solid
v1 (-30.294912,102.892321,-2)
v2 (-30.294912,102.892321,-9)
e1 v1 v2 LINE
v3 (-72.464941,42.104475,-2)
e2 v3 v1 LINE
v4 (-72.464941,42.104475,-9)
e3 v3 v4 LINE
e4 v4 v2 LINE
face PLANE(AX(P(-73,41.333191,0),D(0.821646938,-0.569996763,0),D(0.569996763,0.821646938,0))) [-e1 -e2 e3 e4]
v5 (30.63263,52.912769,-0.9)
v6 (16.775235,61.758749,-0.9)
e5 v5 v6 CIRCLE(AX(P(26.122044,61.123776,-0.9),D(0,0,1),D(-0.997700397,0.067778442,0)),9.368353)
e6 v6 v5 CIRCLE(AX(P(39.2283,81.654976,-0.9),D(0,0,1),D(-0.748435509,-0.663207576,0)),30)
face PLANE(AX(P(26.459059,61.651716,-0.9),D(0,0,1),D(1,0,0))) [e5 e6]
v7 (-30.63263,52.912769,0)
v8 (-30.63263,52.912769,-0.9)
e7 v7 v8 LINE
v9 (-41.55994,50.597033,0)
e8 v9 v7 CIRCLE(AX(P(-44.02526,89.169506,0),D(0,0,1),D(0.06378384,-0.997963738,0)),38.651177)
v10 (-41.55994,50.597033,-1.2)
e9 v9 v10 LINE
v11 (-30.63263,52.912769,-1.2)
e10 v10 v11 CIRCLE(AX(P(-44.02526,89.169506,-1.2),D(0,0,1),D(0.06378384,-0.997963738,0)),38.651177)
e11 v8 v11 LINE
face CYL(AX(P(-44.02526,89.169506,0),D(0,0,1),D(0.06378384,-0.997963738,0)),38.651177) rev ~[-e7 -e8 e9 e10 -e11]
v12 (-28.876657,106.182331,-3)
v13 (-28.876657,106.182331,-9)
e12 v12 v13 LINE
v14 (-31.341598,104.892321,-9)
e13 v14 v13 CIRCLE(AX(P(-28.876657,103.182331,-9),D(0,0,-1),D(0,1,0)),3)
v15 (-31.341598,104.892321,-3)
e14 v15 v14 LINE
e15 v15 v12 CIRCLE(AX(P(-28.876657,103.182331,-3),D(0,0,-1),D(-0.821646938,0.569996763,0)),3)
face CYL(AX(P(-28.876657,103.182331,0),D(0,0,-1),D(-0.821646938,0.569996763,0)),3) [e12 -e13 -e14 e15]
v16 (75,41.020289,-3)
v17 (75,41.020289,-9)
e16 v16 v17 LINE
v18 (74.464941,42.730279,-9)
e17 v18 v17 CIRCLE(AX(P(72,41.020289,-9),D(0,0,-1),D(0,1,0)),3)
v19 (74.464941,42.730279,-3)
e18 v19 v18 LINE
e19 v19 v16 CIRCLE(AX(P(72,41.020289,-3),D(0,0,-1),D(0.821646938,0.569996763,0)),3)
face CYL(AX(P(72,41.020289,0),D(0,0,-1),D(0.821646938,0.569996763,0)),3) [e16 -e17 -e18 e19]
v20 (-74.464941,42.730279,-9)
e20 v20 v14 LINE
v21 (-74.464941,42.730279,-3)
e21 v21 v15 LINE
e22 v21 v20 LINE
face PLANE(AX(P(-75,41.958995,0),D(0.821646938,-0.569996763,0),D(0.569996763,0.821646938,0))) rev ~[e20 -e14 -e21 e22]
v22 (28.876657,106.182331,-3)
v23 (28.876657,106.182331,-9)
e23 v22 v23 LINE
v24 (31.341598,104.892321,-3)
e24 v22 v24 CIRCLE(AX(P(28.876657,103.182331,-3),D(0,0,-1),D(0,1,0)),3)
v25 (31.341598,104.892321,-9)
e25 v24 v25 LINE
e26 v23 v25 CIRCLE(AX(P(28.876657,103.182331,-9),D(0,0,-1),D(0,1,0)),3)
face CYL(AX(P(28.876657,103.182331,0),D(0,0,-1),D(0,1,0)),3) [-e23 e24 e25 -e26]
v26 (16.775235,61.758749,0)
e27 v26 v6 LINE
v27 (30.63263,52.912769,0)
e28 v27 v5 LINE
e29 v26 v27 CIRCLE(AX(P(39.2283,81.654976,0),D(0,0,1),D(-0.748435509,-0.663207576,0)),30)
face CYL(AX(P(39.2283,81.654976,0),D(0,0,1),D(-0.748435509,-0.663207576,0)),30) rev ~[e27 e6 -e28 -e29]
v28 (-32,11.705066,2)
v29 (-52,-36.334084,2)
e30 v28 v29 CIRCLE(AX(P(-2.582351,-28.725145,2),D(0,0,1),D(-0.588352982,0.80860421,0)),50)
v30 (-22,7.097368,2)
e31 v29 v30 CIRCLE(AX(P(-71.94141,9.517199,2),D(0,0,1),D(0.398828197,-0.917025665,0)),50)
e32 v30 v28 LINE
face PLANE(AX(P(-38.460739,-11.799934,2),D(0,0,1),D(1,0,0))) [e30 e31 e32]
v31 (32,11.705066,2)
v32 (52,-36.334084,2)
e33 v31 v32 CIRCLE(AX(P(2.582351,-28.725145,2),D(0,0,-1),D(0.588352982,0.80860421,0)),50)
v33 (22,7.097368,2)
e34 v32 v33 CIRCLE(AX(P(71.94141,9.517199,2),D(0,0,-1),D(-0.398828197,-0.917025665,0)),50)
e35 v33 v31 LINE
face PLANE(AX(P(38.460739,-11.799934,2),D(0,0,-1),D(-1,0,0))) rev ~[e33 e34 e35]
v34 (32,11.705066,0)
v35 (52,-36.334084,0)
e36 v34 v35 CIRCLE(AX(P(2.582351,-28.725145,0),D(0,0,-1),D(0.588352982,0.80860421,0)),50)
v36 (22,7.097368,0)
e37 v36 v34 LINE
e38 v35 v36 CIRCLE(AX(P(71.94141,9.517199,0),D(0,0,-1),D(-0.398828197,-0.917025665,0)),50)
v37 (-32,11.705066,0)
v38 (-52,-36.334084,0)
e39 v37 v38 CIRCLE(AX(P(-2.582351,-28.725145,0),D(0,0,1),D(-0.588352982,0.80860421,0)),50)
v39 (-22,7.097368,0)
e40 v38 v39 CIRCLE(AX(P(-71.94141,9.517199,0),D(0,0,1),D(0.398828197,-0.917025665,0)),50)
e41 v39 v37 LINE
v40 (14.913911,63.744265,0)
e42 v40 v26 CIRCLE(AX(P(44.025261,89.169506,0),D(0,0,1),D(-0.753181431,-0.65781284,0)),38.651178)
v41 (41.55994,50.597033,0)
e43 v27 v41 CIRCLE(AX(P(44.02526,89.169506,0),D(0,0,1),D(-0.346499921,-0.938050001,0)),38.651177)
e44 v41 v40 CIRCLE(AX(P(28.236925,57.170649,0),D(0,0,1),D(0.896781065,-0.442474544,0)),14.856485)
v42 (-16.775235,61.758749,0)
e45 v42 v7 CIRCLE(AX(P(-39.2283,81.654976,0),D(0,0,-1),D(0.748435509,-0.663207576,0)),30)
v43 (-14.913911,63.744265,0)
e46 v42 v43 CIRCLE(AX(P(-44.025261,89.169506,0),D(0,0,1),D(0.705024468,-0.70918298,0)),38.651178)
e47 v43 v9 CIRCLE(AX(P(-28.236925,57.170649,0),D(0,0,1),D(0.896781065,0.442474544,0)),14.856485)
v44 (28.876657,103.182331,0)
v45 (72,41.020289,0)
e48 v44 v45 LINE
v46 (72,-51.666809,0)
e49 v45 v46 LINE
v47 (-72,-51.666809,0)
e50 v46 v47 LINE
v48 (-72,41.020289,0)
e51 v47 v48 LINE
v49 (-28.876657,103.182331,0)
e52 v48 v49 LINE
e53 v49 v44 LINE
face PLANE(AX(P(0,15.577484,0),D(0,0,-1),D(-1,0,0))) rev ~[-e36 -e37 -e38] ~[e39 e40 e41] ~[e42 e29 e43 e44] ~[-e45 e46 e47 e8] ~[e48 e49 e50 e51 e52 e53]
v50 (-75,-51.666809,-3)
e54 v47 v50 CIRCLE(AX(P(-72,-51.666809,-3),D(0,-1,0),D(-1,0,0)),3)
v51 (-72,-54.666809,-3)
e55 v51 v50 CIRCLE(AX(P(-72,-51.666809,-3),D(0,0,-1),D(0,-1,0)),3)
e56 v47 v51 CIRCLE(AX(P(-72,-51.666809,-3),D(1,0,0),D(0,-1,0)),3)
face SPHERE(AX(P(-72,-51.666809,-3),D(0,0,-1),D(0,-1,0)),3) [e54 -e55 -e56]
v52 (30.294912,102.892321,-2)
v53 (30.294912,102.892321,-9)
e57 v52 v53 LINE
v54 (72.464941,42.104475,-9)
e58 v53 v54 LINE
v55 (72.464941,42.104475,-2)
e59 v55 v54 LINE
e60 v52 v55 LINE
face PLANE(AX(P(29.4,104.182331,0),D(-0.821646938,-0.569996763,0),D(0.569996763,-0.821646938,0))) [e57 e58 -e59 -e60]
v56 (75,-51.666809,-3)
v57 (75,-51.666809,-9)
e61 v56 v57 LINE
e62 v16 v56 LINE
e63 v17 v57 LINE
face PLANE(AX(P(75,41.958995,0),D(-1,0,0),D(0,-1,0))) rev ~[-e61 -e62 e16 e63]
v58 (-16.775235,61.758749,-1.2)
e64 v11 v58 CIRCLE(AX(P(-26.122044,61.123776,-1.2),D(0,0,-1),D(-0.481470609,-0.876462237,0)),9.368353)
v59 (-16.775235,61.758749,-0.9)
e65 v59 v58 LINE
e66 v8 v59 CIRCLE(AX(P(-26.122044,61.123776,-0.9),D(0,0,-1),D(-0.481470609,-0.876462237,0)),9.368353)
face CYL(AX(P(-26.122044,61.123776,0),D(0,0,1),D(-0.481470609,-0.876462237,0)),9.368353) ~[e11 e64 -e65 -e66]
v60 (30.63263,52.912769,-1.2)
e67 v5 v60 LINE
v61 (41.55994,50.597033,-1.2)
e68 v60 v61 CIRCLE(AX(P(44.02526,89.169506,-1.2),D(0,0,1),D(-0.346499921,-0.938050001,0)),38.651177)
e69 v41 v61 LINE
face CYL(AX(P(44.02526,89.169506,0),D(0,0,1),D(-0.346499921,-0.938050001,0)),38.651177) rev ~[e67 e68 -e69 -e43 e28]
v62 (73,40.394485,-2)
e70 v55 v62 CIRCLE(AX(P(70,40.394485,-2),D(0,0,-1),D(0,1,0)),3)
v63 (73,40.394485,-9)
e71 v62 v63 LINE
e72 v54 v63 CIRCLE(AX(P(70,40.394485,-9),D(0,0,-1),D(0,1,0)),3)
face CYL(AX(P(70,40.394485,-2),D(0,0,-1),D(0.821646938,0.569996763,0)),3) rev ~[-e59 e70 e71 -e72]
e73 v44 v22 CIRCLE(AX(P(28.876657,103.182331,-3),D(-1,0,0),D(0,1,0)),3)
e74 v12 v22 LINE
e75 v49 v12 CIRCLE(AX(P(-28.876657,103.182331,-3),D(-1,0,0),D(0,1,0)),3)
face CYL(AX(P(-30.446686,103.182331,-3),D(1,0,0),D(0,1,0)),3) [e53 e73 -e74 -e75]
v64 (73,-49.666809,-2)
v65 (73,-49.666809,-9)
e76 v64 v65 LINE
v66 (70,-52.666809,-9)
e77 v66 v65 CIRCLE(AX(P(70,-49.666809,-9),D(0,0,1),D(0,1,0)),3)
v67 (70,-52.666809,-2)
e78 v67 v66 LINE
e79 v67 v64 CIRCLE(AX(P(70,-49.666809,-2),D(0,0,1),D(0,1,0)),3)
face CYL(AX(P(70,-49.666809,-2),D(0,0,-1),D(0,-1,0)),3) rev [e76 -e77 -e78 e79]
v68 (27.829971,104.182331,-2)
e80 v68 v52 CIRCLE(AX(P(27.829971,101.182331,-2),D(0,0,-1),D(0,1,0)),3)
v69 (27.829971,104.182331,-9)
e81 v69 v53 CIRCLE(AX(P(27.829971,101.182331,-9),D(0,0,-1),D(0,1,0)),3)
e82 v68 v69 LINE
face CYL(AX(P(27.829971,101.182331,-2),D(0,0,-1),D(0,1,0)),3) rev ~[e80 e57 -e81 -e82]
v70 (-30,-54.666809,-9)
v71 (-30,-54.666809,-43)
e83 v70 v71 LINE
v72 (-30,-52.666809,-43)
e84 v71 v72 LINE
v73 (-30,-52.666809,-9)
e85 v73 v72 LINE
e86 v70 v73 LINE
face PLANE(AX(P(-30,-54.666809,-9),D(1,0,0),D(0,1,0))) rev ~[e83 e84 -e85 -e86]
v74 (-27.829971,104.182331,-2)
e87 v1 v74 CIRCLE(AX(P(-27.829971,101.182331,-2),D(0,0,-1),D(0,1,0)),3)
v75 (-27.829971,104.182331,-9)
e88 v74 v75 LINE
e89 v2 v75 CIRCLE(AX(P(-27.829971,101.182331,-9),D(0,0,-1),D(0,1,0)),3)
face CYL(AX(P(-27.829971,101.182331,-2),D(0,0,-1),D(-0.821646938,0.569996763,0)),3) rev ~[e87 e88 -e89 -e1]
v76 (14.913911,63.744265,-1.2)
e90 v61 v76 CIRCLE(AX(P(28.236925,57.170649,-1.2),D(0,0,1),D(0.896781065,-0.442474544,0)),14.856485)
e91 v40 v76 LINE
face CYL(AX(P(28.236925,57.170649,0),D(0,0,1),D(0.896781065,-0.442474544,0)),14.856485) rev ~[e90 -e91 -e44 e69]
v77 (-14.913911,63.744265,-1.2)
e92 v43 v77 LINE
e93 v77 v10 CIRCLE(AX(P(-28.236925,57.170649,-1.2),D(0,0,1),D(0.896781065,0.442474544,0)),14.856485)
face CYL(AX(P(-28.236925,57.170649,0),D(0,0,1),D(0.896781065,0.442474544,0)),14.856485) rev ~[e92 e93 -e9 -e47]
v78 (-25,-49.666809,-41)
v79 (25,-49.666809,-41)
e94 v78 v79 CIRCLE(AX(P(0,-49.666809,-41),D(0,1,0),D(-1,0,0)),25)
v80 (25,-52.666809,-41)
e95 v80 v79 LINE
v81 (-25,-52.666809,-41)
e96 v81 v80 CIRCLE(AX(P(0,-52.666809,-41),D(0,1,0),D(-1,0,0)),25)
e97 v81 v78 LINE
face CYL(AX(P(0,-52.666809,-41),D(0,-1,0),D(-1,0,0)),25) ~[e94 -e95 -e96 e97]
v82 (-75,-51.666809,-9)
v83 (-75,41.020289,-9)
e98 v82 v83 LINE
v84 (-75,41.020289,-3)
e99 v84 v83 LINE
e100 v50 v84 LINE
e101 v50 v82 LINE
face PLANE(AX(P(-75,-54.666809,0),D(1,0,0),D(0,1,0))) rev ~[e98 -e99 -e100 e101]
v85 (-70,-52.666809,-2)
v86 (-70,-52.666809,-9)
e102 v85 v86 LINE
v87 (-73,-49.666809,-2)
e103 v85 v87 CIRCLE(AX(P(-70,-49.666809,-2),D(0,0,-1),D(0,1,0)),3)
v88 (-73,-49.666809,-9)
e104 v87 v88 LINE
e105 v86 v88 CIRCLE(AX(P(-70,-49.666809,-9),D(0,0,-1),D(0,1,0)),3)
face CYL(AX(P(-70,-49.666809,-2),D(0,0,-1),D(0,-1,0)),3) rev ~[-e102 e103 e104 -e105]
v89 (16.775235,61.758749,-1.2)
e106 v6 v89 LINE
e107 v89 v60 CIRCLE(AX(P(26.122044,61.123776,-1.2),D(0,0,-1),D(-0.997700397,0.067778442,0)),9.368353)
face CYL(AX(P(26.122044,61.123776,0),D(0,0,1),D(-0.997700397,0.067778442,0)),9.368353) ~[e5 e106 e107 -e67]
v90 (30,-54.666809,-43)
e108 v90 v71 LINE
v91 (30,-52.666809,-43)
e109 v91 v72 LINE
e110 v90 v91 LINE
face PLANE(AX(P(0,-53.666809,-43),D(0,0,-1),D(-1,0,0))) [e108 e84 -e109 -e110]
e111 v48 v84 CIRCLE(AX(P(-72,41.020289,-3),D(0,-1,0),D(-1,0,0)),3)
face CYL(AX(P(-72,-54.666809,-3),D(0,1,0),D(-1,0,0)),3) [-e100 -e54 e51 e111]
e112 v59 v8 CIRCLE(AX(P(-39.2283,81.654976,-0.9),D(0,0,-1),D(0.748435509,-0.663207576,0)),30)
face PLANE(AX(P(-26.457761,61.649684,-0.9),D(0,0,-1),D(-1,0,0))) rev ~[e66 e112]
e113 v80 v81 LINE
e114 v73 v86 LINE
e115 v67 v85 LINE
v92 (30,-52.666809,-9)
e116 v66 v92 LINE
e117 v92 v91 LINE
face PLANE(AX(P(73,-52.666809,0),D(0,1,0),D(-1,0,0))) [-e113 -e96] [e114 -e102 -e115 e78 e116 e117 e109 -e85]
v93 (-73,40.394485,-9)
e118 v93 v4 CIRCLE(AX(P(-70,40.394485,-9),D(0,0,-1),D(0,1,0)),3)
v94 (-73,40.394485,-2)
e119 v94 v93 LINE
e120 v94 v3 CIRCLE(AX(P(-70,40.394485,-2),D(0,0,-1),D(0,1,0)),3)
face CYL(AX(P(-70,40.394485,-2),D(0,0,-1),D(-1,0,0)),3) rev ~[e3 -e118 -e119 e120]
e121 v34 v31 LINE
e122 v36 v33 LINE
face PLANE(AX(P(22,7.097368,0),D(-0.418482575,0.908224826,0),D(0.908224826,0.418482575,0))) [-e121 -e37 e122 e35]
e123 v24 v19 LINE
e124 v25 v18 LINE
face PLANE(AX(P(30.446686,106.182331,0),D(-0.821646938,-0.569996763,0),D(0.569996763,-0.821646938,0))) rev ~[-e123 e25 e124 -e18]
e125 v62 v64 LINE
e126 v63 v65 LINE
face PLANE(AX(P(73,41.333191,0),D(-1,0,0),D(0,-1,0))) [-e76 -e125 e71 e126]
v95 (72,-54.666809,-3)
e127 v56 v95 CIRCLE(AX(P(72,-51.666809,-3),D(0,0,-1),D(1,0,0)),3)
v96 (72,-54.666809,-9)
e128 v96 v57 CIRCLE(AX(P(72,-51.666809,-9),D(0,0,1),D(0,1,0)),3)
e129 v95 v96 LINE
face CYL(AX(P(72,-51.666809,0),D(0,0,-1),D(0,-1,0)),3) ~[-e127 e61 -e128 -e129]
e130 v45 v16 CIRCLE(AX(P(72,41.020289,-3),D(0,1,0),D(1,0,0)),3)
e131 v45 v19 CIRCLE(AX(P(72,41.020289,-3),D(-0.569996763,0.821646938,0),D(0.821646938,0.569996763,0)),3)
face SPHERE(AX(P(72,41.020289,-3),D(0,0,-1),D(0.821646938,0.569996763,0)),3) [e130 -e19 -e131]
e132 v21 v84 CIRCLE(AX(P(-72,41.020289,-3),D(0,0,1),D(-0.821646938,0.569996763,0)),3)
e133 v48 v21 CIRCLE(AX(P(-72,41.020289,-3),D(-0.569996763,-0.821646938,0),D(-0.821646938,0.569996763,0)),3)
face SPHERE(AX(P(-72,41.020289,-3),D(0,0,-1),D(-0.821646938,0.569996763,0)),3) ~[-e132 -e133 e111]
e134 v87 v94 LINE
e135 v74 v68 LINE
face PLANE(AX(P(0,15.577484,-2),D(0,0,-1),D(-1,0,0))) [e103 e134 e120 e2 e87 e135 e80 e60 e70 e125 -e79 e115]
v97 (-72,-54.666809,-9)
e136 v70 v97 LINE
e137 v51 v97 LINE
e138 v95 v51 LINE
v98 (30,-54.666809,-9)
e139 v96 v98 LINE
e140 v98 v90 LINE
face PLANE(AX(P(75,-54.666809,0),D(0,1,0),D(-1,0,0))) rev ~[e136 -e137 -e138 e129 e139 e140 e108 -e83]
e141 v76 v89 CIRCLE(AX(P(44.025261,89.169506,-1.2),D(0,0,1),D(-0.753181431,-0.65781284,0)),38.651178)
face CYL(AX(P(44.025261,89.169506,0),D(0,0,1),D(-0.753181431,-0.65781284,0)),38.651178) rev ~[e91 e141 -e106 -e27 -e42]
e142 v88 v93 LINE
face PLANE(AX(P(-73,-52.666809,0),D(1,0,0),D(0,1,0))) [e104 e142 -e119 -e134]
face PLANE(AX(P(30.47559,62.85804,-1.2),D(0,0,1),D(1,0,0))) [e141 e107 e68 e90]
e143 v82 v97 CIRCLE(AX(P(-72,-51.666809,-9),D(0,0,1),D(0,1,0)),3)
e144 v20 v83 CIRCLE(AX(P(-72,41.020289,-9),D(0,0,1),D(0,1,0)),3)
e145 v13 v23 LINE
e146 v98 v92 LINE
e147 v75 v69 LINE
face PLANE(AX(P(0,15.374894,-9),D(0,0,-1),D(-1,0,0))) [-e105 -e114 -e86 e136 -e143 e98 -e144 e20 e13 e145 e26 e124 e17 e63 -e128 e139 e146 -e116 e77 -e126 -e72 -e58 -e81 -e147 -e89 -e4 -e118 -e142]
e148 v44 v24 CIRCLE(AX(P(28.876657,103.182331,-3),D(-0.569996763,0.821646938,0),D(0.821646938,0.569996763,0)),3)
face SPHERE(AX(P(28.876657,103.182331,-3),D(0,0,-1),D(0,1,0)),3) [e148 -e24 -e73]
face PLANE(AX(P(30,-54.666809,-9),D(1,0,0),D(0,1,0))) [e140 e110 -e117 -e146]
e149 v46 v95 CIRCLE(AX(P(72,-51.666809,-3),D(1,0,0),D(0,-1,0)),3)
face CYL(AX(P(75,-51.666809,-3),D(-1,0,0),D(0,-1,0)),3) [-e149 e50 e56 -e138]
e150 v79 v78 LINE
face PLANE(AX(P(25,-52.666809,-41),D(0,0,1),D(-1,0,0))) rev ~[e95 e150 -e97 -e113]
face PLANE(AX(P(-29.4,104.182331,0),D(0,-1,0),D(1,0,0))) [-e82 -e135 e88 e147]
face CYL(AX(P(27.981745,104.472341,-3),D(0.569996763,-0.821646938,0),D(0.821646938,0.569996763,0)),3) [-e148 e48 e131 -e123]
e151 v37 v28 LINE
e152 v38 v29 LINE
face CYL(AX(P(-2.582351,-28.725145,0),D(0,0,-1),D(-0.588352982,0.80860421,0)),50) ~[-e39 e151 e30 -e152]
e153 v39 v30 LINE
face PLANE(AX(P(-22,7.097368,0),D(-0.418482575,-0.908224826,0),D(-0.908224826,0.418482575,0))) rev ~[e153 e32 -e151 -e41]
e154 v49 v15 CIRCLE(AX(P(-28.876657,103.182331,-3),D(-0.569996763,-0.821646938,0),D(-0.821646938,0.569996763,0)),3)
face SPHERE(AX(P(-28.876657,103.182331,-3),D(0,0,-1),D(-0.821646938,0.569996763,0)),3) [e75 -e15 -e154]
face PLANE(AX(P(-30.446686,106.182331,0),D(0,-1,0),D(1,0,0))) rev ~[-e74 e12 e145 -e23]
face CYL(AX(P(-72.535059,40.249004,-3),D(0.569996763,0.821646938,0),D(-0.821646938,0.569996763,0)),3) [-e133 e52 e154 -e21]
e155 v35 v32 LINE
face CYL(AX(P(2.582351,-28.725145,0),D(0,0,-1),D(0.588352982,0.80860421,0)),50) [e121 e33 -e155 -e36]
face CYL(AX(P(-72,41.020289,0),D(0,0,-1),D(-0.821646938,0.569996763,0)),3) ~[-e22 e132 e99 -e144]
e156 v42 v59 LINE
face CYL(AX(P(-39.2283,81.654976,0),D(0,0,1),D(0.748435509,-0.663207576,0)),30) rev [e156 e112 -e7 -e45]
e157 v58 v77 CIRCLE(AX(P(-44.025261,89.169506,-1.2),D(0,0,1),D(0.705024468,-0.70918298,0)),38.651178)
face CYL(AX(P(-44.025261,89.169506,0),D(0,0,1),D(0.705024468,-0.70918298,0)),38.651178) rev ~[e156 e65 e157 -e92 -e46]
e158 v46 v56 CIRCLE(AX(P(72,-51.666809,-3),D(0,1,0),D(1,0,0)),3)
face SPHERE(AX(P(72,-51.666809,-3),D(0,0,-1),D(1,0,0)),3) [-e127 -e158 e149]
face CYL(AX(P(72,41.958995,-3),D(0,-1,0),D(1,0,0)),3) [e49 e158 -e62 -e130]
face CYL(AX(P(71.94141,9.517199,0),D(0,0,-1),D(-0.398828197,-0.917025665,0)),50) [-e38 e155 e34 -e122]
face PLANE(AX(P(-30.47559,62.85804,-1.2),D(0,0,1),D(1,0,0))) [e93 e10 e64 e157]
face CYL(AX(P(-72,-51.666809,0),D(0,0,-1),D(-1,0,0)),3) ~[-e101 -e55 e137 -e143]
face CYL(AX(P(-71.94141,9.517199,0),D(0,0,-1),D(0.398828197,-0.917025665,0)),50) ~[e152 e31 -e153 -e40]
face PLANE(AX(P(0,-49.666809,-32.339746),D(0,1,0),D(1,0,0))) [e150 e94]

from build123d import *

# Parameters (mm, degrees)
BOSS_EXTRU_1_DEPTH      = 9
BOSS_EXTRU_2_DEPTH      = 2
CONG_1_R                = 3
CONG_2_R                = 3
ENL_V_MAT_EXTRU_2_DEPTH = 1.2
ENL_V_MAT_EXTRU_3_DEPTH = 0.9
BOSS_EXTRU_3_DEPTH      = 2
ESQUISSE9_W             = 60
ESQUISSE9_H             = 2
BOSS_EXTRU_4_DEPTH      = 34
BOSS_EXTRU_5_DEPTH      = 3


with BuildPart() as part:
    # Esquisse1 → Boss.-Extru.1 (new body)
    with BuildSketch(Plane.XY):
        Polygon((-75, 41.958994513), (-30.446686156, 106.182331026), (30.446686156, 106.182331026), (75, 41.958994513), (75, -54.666809259), (-75, -54.666809259), align=None)
        Polygon((73, -52.666809259), (-73, -52.666809259), (-73, 41.333190741), (-29.4, 104.182331026), (29.4, 104.182331026), (73, 41.333190741), align=None, mode=Mode.SUBTRACT)
    extrude(amount=-BOSS_EXTRU_1_DEPTH)

    # Esquisse2 → Boss.-Extru.2 (add)
    with BuildSketch(Plane.XY):
        Polygon((-73, 41.333190741), (-29.4, 104.182331026), (29.4, 104.182331026), (73, 41.333190741), (73, -52.666809259), (-73, -52.666809259), align=None)
    extrude(amount=-BOSS_EXTRU_2_DEPTH)

    # Congé1
    cong_1_edges = [part.edges().sort_by_distance(p)[0] for p in [
        (29.4, 104.182331026, -5.5),
        (73, 41.333190741, -5.5),
        (73, -52.666809259, -5.5),
        (-73, -52.666809259, -5.5),
        (-73, 41.333190741, -5.5),
        (-29.4, 104.182331026, -5.5),
    ]]
    fillet(cong_1_edges, radius=CONG_1_R)

    # Congé2
    cong_2_edges = [part.edges().sort_by_distance(p)[0] for p in [
        (-75, 41.958994513, -4.5),
        (-30.446686156, 106.182331026, -4.5),
        (30.446686156, 106.182331026, -4.5),
        (75, 41.958994513, -4.5),
        (75, -54.666809259, -4.5),
        (-75, -54.666809259, -4.5),
        (-52.723343078, 74.07066277, 0),
        (0, 106.182331026, 0),
        (52.723343078, 74.07066277, 0),
        (75, -6.353907373, 0),
        (0, -54.666809259, 0),
        (-75, -6.353907373, 0),
    ]]
    fillet(cong_2_edges, radius=CONG_2_R)

    # Esquisse3 → Enlèv. mat.-Extru.2 (cut)
    with BuildSketch(Plane.XY):
        with BuildLine():
            ThreePointArc((14.913911185, 63.744265219), (15.827091675, 62.73511926), (16.775234523, 61.75874878))
            ThreePointArc((16.775234523, 61.75874878), (31.162887196, 69.020353616), (30.632630303, 52.91276901))
            ThreePointArc((30.632630303, 52.91276901), (36.012189208, 51.35807643), (41.559939675, 50.597032557))
            ThreePointArc((41.559939675, 50.597032557), (34.810541761, 70.493663133), (14.913911185, 63.744265219))
        make_face()
        with BuildLine():
            ThreePointArc((-16.775234523, 61.75874878), (-15.827091675, 62.73511926), (-14.913911185, 63.744265219))
            ThreePointArc((-14.913911185, 63.744265219), (-34.810541761, 70.493663133), (-41.559939675, 50.597032557))
            ThreePointArc((-41.559939675, 50.597032557), (-36.012189208, 51.35807643), (-30.632630303, 52.91276901))
            ThreePointArc((-30.632630303, 52.91276901), (-31.162887196, 69.020353616), (-16.775234523, 61.75874878))
        make_face()
    extrude(amount=-ENL_V_MAT_EXTRU_2_DEPTH, mode=Mode.SUBTRACT)

    # Esquisse7 → Enlèv. mat.-Extru.3 (cut)
    with BuildSketch(Plane.XY):
        with BuildLine():
            ThreePointArc((-30.632630303, 52.91276901), (-31.162887196, 69.020353616), (-16.775234523, 61.75874878))
            ThreePointArc((-16.775234523, 61.75874878), (-23.08615551, 56.36799961), (-30.632630303, 52.91276901))
        make_face()
        with BuildLine():
            ThreePointArc((30.632630303, 52.91276901), (31.16562065, 69.024635625), (16.775234523, 61.75874878))
            ThreePointArc((16.775234523, 61.75874878), (23.08615551, 56.36799961), (30.632630303, 52.91276901))
        make_face()
    extrude(amount=-ENL_V_MAT_EXTRU_3_DEPTH, mode=Mode.SUBTRACT)

    # Esquisse8 → Boss.-Extru.3 (add)
    with BuildSketch(Plane.XY):
        with BuildLine():
            Line((-22, 7.097367508), (-32, 11.705065554))
            ThreePointArc((-32, 11.705065554), (-48.741759908, -9.507732006), (-52, -36.334084286))
            ThreePointArc((-52, -36.334084286), (-30.801710364, -18.899787662), (-22, 7.097367508))
        make_face()
        with BuildLine():
            Line((22, 7.097367508), (32, 11.705065554))
            ThreePointArc((32, 11.705065554), (48.741759908, -9.507732006), (52, -36.334084286))
            ThreePointArc((52, -36.334084286), (30.801710364, -18.899787662), (22, 7.097367508))
        make_face()
    extrude(amount=BOSS_EXTRU_3_DEPTH)

    # Esquisse9 → Boss.-Extru.4 (add)
    with BuildSketch(Plane(origin=(0, 0, -9), x_dir=(-1, 0, 0), z_dir=(0, 0, -1))):
        with Locations((0, -53.666809259)):
            Rectangle(ESQUISSE9_W, ESQUISSE9_H)
    extrude(amount=BOSS_EXTRU_4_DEPTH)

    # Esquisse10 → Boss.-Extru.5 (add)
    with BuildSketch(Plane(origin=(0, -52.666809259, 0), x_dir=(1, 0, 0), z_dir=(0, 1, 0))):
        with BuildLine():
            Line((25, 41), (-25, 41))
            ThreePointArc((-25, 41), (0, 16), (25, 41))
        make_face()
    extrude(amount=BOSS_EXTRU_5_DEPTH)


solid = part.part
